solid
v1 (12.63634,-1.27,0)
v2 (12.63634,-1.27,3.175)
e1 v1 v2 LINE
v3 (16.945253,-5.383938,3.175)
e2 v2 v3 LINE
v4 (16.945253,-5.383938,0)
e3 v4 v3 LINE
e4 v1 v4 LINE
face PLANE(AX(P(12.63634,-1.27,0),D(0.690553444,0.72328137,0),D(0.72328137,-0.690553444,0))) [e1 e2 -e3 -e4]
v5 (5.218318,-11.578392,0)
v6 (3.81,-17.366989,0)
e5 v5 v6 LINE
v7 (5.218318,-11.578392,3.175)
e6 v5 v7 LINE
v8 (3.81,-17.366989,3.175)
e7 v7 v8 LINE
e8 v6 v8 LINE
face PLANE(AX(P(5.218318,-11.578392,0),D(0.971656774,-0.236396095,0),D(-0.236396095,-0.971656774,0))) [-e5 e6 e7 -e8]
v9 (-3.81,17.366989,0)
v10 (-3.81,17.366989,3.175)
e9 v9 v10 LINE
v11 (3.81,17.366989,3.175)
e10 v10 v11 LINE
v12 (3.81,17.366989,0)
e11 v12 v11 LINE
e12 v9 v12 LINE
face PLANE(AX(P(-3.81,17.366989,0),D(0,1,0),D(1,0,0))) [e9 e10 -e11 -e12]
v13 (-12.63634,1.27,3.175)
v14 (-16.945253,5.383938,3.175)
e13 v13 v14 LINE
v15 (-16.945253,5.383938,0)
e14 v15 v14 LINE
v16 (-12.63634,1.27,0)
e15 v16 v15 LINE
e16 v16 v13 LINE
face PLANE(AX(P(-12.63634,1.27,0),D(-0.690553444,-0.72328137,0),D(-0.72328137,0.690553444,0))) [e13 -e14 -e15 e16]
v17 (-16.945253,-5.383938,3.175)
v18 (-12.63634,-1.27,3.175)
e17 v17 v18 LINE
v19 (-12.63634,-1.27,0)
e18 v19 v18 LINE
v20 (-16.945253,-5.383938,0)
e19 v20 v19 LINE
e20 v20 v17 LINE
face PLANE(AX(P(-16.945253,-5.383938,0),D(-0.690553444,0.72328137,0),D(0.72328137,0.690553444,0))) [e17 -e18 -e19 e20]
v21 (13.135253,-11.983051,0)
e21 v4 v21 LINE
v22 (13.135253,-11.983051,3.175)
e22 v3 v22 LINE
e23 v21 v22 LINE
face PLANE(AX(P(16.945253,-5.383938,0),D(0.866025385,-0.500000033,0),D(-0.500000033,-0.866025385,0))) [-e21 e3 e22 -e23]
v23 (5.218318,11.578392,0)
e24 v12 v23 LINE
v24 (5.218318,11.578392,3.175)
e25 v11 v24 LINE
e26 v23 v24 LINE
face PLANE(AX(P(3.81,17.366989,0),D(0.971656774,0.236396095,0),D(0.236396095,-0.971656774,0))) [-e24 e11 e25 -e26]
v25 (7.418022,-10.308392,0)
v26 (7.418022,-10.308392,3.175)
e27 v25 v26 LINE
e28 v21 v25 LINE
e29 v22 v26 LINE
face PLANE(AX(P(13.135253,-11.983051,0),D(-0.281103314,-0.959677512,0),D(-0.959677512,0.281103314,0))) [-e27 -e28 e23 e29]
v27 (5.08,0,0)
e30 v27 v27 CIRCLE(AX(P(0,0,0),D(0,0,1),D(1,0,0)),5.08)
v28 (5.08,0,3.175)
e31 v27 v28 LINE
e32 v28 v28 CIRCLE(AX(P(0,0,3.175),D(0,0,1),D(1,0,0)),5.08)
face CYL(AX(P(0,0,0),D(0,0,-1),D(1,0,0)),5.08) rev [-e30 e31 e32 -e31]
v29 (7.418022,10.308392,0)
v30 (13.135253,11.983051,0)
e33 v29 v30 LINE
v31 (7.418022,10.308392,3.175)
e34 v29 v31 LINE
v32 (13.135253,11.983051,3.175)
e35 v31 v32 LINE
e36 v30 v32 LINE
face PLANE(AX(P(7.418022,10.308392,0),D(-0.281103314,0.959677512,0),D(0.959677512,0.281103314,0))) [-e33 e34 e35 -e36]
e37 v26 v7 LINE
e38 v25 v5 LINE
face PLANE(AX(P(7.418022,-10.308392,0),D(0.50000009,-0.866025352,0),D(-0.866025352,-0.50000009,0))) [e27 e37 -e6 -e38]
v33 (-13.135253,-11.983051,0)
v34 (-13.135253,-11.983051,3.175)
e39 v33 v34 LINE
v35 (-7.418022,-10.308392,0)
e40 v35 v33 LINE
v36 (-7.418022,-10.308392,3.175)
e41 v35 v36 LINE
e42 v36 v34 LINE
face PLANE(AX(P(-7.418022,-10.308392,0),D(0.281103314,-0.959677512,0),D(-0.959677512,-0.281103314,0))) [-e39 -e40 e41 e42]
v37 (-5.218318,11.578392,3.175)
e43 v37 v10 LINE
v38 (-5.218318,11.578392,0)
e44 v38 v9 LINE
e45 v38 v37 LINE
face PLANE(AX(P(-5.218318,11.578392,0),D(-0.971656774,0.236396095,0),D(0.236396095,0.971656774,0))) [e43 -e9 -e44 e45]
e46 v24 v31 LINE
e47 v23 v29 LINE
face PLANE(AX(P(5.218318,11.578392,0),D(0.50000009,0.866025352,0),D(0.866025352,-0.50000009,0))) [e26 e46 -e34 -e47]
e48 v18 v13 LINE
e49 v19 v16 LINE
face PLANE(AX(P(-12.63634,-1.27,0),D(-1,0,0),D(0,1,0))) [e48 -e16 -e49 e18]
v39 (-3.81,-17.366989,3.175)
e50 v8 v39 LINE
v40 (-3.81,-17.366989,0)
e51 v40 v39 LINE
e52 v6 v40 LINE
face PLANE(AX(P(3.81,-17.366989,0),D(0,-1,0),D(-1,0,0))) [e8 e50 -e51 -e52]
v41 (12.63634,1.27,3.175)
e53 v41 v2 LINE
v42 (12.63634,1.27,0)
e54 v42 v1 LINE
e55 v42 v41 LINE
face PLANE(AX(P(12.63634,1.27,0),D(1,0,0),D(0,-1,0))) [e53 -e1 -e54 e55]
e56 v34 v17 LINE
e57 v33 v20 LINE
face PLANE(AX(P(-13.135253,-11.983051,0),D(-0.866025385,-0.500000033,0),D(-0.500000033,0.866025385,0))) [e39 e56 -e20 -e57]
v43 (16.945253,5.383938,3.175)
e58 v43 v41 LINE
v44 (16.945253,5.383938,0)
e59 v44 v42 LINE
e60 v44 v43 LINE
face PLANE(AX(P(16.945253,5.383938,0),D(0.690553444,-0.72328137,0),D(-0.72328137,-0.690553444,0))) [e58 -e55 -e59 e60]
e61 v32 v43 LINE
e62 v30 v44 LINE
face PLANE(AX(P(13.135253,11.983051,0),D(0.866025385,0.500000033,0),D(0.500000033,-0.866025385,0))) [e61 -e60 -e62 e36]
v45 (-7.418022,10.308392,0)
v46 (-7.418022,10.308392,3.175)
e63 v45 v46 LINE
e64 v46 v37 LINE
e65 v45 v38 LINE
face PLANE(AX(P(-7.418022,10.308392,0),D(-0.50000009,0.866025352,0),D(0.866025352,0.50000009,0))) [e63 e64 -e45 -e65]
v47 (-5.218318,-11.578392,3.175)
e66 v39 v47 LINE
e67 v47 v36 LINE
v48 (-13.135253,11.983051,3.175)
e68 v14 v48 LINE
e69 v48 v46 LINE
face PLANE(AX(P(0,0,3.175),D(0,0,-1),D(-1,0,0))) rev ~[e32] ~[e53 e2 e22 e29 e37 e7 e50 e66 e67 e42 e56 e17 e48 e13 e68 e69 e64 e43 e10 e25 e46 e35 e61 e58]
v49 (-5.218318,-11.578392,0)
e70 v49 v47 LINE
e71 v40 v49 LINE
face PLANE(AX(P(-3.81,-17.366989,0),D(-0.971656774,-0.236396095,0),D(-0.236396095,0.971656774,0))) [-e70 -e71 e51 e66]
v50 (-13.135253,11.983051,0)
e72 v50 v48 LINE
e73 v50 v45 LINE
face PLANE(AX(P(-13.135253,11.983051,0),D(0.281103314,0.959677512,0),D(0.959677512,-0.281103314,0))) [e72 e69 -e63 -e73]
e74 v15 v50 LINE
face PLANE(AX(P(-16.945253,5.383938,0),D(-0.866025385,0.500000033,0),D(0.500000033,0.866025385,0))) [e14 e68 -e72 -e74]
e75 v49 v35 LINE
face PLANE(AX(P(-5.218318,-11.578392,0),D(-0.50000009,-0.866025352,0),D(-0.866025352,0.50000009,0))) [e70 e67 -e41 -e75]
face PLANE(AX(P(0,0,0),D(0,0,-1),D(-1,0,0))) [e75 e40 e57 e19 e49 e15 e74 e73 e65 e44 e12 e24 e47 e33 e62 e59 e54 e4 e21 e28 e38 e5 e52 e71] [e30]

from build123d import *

# Parameters (mm, degrees)
SKETCH_R  = 5.08
PAD_DEPTH = 3.175


with BuildPart() as part:
    # Sketch → Pad (new body)
    with BuildSketch(Plane.XY):
        Polygon((-5.218318, 11.578392), (-3.81, 17.366989), (3.81, 17.366989), (5.218318, 11.578392), (7.418022, 10.308392), (13.135253, 11.983051), (16.945253, 5.383938), (12.63634, 1.27), (12.63634, -1.27), (16.945253, -5.383938), (13.135253, -11.983051), (7.418022, -10.308392), (5.218318, -11.578392), (3.81, -17.366989), (-3.81, -17.366989), (-5.218318, -11.578392), (-7.418022, -10.308392), (-13.135253, -11.983051), (-16.945253, -5.383938), (-12.63634, -1.27), (-12.63634, 1.27), (-16.945253, 5.383938), (-13.135253, 11.983051), (-7.418022, 10.308392), align=None)
        Circle(SKETCH_R, mode=Mode.SUBTRACT)
    extrude(amount=PAD_DEPTH)


solid = part.part
